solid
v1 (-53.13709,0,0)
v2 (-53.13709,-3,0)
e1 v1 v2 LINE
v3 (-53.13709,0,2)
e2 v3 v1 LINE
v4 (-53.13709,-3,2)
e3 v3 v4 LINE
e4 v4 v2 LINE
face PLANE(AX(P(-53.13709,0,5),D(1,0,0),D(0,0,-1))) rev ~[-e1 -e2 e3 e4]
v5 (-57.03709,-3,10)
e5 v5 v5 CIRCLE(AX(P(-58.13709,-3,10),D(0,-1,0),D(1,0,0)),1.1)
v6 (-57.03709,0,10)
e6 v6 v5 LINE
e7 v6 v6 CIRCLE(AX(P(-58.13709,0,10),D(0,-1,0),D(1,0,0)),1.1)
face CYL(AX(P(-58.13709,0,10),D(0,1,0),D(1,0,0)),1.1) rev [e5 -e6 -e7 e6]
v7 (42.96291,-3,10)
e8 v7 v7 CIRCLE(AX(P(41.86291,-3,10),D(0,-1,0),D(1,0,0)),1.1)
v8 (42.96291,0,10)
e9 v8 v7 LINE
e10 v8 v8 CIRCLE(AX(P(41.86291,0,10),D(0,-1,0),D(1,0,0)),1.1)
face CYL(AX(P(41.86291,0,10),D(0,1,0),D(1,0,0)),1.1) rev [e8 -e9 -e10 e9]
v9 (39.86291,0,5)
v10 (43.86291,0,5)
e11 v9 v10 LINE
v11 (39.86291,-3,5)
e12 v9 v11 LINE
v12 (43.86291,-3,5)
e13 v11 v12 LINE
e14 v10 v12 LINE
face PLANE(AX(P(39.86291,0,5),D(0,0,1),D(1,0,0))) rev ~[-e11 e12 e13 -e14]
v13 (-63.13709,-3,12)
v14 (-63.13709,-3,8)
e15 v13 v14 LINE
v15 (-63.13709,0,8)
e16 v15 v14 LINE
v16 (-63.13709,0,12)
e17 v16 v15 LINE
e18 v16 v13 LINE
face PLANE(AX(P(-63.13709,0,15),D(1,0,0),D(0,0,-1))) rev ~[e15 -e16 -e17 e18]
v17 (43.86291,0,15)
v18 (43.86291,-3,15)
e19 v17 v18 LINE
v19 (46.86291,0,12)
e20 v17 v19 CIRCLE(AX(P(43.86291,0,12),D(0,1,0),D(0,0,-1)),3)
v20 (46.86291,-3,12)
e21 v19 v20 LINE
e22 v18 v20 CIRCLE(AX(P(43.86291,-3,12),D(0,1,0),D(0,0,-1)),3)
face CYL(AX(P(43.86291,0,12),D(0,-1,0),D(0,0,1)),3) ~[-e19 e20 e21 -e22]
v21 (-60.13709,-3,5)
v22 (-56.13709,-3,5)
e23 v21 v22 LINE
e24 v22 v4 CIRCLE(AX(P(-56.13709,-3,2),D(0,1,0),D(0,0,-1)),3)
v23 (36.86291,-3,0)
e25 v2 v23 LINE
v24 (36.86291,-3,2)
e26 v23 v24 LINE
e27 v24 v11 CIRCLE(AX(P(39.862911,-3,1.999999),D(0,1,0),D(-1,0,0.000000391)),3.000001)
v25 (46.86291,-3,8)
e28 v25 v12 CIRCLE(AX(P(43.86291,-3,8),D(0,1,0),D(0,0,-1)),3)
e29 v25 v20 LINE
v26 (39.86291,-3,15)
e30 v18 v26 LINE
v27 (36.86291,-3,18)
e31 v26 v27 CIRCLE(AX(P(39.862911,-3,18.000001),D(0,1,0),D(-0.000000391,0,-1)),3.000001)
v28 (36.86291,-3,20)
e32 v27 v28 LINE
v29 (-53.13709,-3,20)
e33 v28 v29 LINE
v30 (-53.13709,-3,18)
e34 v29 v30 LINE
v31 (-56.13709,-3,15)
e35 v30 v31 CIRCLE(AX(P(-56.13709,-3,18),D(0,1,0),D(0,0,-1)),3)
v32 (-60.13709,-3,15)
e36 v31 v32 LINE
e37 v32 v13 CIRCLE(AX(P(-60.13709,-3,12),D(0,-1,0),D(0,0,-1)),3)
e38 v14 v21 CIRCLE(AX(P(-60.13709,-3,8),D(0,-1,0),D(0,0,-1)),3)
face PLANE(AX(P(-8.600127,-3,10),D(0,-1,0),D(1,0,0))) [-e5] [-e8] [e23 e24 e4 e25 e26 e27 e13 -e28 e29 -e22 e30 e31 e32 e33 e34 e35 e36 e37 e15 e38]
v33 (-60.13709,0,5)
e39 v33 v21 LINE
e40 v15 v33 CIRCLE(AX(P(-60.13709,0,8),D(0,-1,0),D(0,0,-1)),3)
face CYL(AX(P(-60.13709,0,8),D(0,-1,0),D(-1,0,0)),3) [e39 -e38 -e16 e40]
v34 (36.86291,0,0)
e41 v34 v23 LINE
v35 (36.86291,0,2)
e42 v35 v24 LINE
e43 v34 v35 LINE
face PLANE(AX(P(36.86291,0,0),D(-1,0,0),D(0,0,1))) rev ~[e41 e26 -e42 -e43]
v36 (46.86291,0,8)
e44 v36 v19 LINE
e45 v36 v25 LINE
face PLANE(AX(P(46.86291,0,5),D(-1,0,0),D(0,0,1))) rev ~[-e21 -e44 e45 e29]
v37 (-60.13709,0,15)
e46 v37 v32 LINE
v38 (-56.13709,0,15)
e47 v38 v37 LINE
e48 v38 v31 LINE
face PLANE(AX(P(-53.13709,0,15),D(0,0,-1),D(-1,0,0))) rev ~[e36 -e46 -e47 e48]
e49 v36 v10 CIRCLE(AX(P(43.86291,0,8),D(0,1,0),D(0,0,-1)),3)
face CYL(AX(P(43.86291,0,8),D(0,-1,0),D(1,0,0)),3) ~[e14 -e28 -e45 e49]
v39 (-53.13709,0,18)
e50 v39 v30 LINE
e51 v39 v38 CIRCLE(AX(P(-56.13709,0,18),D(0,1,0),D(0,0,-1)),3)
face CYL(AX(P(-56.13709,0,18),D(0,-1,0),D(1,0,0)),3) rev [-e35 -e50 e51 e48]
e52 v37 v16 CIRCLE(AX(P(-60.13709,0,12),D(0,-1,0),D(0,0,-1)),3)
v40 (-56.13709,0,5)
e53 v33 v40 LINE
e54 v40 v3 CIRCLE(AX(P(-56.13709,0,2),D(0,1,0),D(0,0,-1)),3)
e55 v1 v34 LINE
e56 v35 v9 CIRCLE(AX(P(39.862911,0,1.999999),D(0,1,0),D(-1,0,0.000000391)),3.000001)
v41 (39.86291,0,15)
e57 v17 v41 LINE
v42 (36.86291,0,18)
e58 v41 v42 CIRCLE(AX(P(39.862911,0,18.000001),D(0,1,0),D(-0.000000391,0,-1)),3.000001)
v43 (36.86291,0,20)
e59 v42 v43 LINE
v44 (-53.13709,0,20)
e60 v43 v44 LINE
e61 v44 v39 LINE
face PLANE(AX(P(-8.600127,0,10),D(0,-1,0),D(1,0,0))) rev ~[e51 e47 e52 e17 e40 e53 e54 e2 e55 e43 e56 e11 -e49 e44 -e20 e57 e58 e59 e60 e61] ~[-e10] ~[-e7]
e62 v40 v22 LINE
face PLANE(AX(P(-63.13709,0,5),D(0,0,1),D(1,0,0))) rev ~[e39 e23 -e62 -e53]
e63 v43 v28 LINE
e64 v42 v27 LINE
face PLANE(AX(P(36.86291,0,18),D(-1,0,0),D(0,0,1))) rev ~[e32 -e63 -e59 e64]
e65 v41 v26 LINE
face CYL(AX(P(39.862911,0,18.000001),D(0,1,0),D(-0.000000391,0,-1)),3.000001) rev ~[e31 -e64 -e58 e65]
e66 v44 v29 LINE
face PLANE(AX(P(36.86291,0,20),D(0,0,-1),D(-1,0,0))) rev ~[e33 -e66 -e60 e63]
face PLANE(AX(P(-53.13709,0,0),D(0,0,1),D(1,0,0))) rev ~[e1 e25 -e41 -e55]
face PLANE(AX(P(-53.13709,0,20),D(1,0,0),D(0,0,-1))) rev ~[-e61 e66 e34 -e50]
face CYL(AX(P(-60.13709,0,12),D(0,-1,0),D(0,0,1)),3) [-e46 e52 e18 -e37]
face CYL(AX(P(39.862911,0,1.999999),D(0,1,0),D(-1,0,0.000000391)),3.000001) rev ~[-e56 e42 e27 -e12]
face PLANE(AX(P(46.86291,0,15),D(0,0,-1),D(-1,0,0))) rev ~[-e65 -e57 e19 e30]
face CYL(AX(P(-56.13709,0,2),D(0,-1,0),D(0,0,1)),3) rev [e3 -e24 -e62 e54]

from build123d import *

# Parameters (mm, degrees)
F0_R     = 1.1
F1_DEPTH = 3
F2_R     = 3


with BuildPart() as f1:
    # F0 (on Front) → F1 (new body)
    with BuildSketch(Plane.XZ):
        with BuildLine():
            Line((36.86291, 20), (-53.13709, 20))
            Line((-53.13709, 20), (-53.13709, 15))
            Line((-53.13709, 15), (-63.13709, 15))
            Line((-63.13709, 15), (-63.13709, 5))
            Line((-63.13709, 5), (-53.13709, 5))
            Line((-53.13709, 5), (-53.13709, 0))
            Line((-53.13709, 0), (36.86291, 0))
            Line((36.86291, 0), (36.86291, 2))
            ThreePointArc((36.86291, 2), (37.74159, 4.12132), (39.86291, 5))
            Line((39.86291, 5), (46.86291, 5))
            Line((46.86291, 5), (46.86291, 15))
            Line((46.86291, 15), (39.86291, 15))
            ThreePointArc((39.86291, 15), (37.74159, 15.87868), (36.86291, 18))
            Line((36.86291, 18), (36.86291, 20))
        make_face()
        with Locations((-58.13709, 10)):
            Circle(F0_R, mode=Mode.SUBTRACT)
        with Locations((41.86291, 10)):
            Circle(F0_R, mode=Mode.SUBTRACT)
    extrude(amount=F1_DEPTH)

    # F2
    f2_edges = [f1.edges().sort_by_distance(p)[0] for p in [
        (-53.13709, -1.5, 15),
        (-53.13709, -1.5, 5),
        (-63.13709, -1.5, 15),
        (-63.13709, -1.5, 5),
        (46.86291, -1.5, 5),
        (46.86291, -1.5, 15),
    ]]
    fillet(f2_edges, radius=F2_R)


solid = f1.part
